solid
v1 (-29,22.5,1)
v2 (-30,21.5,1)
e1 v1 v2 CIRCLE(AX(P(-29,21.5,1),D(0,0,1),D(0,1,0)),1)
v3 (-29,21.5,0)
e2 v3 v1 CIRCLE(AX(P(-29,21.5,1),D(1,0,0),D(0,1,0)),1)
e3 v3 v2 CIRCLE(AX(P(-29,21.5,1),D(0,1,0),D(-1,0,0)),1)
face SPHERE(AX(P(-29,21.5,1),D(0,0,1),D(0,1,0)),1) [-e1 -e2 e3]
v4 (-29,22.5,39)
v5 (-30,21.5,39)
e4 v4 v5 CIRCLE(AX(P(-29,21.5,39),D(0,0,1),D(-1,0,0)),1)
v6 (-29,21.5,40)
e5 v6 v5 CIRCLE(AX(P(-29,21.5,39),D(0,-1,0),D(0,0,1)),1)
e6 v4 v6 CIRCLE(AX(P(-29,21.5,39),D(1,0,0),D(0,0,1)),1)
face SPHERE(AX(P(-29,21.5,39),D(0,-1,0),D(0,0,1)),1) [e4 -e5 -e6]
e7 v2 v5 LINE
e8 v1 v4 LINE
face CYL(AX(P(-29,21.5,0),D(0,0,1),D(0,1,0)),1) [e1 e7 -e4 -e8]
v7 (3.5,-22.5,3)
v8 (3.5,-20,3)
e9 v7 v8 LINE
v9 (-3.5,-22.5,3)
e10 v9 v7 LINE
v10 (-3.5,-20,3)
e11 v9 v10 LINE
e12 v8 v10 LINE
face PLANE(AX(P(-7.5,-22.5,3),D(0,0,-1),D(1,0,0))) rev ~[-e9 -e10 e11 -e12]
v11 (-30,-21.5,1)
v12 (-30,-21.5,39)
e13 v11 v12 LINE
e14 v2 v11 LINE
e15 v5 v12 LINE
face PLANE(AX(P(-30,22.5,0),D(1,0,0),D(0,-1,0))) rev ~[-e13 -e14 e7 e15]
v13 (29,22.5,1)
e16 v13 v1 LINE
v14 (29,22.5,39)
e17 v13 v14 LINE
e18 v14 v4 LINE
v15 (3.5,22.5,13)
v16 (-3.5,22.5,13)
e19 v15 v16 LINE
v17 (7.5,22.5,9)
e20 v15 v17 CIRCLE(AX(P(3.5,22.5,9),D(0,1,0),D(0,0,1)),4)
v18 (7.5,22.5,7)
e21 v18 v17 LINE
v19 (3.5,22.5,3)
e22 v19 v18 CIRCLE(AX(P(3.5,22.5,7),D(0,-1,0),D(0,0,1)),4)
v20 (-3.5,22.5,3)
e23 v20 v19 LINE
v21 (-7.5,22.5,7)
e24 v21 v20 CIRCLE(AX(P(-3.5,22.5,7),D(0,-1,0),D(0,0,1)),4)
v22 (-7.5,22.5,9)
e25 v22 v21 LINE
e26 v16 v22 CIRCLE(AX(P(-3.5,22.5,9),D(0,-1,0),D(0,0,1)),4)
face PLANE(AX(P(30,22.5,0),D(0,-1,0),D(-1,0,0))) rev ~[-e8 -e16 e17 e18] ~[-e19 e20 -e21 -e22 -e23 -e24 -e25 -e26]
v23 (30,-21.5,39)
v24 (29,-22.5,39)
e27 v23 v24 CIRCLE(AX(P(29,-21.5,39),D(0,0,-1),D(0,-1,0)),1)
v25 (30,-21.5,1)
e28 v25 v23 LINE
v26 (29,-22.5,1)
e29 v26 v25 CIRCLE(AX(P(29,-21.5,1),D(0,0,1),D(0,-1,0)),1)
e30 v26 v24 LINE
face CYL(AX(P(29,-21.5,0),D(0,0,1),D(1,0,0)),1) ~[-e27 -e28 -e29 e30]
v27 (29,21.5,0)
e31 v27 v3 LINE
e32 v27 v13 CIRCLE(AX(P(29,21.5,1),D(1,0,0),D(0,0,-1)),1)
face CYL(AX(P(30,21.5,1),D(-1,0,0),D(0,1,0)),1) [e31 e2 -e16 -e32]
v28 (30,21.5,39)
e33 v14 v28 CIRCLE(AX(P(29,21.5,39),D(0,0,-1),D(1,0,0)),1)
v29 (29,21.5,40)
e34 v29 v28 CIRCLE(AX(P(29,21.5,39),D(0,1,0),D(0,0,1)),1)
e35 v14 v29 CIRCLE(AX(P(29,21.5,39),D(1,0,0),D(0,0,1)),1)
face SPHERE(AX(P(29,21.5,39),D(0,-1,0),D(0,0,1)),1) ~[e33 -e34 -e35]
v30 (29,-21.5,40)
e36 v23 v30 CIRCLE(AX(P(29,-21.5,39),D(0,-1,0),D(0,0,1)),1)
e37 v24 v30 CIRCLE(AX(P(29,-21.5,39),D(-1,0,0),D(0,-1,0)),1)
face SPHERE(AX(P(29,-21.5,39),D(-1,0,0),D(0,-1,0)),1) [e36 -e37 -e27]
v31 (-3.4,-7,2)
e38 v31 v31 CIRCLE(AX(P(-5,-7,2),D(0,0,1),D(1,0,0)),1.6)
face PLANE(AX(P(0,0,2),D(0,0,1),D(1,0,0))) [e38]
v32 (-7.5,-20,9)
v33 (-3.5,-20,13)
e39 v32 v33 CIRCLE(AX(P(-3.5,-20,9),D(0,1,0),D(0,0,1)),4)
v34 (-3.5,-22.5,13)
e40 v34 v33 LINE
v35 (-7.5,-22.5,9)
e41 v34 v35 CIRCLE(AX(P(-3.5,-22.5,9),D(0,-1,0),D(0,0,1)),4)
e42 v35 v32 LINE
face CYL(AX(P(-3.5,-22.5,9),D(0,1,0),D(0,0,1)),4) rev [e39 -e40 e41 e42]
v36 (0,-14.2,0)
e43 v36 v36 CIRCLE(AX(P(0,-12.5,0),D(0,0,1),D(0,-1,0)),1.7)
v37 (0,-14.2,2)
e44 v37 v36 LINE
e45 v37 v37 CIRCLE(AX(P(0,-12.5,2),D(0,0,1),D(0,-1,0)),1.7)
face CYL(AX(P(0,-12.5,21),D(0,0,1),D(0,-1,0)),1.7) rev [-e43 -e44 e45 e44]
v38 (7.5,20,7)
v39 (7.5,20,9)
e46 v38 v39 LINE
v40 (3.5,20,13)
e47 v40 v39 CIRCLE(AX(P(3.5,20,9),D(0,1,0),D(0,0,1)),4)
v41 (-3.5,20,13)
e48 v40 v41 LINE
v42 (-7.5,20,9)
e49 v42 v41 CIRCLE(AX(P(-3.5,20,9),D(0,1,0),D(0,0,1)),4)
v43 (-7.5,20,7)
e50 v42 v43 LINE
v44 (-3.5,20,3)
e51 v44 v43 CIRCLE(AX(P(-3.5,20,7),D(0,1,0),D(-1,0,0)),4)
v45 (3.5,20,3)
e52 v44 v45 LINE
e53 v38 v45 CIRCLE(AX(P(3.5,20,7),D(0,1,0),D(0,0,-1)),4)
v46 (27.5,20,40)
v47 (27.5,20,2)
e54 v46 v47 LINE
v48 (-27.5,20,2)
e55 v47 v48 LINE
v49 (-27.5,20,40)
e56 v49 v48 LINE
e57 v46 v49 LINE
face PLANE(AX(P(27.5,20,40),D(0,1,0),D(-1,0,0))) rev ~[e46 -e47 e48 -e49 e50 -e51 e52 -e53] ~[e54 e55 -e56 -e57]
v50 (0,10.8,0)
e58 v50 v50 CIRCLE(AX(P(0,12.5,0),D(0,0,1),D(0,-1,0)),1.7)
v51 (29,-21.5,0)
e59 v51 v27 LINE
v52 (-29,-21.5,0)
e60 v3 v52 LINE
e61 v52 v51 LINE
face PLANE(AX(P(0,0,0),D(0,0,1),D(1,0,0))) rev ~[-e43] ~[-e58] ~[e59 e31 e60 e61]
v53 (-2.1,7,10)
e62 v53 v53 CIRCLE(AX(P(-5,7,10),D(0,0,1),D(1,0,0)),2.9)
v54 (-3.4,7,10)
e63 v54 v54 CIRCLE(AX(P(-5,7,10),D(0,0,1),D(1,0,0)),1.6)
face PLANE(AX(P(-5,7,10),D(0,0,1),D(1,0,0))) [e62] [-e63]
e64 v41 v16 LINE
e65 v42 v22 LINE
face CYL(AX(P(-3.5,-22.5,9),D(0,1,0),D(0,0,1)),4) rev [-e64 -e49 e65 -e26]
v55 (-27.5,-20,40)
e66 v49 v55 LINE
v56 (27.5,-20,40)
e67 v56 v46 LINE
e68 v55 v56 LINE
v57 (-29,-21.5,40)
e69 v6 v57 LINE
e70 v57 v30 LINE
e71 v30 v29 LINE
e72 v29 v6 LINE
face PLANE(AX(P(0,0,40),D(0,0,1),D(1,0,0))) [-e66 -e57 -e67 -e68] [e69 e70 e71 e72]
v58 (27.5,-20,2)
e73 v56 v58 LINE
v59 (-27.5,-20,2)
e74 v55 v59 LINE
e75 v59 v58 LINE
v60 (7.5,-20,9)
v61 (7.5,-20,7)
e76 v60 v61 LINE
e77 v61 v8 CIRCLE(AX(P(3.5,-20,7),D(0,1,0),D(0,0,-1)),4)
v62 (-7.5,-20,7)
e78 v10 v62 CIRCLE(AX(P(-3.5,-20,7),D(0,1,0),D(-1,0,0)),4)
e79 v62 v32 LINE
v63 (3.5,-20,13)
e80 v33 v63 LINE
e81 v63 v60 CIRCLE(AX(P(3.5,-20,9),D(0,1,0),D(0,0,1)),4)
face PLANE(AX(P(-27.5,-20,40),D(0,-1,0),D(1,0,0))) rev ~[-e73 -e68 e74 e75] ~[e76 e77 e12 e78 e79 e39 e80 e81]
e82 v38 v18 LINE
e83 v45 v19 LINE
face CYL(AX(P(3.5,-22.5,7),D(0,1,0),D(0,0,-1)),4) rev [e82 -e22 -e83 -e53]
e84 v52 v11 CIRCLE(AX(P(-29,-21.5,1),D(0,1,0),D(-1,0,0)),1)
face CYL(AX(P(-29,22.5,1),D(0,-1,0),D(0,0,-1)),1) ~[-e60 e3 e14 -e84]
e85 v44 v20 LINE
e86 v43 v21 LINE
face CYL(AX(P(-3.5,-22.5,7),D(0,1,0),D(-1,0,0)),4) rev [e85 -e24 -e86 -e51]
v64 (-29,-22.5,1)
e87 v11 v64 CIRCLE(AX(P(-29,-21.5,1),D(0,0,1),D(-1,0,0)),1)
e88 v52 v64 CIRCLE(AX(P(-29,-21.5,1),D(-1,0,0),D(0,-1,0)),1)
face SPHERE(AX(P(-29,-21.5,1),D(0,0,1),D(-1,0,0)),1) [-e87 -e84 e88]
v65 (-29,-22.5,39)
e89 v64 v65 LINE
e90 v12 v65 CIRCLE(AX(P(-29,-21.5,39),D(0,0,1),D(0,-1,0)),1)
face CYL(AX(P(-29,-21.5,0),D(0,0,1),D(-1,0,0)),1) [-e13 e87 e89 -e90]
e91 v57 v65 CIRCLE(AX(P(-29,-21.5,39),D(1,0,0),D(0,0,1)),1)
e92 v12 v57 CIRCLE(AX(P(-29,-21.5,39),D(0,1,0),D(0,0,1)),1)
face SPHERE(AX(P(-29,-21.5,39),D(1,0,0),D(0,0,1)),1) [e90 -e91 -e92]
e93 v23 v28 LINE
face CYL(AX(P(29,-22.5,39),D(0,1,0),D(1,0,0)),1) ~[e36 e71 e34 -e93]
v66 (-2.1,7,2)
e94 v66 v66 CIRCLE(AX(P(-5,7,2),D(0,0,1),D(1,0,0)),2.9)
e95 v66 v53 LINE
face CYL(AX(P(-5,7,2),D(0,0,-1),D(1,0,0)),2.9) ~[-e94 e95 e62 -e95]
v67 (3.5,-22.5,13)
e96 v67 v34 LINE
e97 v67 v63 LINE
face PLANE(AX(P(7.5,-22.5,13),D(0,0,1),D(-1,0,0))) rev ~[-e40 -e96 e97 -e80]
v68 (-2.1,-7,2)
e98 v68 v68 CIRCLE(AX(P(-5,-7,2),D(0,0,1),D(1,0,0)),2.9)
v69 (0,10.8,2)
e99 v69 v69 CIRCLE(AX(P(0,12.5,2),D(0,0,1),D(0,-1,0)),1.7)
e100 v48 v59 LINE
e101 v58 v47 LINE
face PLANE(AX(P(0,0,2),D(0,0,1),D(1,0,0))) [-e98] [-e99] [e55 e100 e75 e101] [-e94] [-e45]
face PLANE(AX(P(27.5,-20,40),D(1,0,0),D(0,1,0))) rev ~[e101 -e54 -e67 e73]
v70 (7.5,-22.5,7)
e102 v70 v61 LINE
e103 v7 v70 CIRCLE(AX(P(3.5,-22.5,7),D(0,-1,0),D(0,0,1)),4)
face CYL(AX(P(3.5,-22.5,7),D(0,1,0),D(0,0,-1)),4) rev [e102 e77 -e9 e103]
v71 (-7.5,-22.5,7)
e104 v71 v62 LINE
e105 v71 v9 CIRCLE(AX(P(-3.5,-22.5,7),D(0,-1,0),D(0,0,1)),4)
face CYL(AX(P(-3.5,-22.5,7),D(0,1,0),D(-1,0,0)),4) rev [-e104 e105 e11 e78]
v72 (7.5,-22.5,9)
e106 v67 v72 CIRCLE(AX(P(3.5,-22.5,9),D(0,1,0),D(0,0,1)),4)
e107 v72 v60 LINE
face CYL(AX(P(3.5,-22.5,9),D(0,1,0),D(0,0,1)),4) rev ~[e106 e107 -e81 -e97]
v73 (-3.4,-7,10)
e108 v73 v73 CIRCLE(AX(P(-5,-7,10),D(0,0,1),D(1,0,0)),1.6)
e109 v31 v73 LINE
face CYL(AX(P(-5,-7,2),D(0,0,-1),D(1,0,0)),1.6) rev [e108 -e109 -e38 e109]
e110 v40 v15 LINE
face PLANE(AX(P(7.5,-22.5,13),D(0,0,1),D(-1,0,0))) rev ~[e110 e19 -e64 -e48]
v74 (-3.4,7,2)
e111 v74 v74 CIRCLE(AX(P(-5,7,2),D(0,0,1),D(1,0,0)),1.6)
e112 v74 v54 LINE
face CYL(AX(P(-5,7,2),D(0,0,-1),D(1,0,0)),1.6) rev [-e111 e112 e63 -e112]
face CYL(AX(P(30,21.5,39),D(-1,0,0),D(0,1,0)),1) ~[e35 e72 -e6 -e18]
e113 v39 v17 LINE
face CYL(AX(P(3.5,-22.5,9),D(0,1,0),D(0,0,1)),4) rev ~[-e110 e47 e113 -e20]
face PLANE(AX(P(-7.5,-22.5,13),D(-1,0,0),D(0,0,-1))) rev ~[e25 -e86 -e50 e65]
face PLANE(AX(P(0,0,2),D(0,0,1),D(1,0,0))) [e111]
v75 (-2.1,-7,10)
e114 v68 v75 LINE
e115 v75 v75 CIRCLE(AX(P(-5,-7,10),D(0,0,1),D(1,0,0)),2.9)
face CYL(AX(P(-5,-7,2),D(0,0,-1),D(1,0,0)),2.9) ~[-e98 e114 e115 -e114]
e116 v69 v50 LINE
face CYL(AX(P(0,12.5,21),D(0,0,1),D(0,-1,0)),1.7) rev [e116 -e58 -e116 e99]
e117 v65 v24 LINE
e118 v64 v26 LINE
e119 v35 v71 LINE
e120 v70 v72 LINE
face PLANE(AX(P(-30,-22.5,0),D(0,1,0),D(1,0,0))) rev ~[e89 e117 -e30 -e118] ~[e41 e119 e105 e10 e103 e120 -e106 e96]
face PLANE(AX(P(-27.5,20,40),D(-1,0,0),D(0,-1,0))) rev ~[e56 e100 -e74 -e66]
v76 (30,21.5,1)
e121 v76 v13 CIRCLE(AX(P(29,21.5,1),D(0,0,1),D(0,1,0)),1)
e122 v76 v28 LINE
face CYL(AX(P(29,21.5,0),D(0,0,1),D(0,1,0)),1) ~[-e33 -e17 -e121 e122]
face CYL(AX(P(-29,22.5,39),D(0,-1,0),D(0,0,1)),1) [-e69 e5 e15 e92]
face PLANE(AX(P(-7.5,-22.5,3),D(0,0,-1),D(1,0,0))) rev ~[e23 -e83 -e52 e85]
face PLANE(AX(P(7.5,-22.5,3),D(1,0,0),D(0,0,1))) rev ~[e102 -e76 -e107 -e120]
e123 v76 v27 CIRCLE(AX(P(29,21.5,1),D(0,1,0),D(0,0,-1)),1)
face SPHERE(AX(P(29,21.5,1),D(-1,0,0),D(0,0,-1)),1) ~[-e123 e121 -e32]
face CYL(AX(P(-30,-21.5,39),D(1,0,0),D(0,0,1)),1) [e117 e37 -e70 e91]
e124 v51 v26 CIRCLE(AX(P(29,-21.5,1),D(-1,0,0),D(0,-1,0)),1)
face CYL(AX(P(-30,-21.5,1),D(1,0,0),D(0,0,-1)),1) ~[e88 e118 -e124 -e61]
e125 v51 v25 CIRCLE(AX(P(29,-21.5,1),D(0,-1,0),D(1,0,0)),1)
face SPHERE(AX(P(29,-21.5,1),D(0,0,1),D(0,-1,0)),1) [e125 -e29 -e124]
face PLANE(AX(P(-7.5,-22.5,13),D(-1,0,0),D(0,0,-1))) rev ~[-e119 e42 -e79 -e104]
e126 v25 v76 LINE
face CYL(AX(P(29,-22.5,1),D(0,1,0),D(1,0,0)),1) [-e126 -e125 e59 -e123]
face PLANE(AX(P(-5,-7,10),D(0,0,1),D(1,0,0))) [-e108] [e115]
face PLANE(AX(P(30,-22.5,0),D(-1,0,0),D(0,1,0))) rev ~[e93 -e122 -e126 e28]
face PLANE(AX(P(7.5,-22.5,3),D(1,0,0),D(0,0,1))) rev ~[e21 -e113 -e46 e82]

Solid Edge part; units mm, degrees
sketch "Sketch1" plane through (0, 0, 0) normal (0, 0, 1) x (1, 0, 0)
  line L0 (30, 22.5) -> (-30, 22.5)
  line L1 (-30, 22.5) -> (-30, -22.5)
  line L2 (-30, -22.5) -> (30, -22.5)
  line L3 (30, -22.5) -> (30, 22.5)
extrude "Protrusion1" add sketch "Sketch1" along normal blind 40
sketch "Sketch2" plane through (0, -22.5, 12.5) normal (0, -1, 0) x (1, 0, 0)
  line L0 (7.5, 0.5) -> (-7.5, 0.5)
  line L1 (-7.5, 0.5) -> (-7.5, -9.5)
  line L2 (-7.5, -9.5) -> (7.5, -9.5)
  line L3 (7.5, -9.5) -> (7.5, 0.5)
  dimension "D1" = 3
  dimension "D2" = 10
  dimension "D3" = 15
extrude "ExtrudedCutout_1" cut sketch "Sketch2" against normal blind 70.2135
fillet "Verrundung_2" radius 4 4 edges at (7.5, 0, 13) (-7.5, 0, 13) (-7.5, 0, 3) (7.5, 0, 3)
sketch "Sketch3" plane through (0, 0, 40) normal (0, 0, 1) x (1, 0, 0)
  circle A0 centre (-18, 0) radius 6
  dimension "D1" = 12
extrude "ExtrudedCutout_3" cut sketch "Sketch3" against normal blind 20.7766
fillet "Round_3" radius 1 12 edges at (0, -22.5, 40) (-30, 0, 40) (-30, -22.5, 20) (30, -22.5, 20) (30, 0, 40) (0, 22.5, 40) (-30, 22.5, 20) (0, 22.5, 0) (-30, 0, 0) (0, -22.5, 0) (30, 0, 0) (30, 22.5, 20)
sketch "Sketch4" plane through (0, 0, 40) normal (0, 0, 1) x (1, 0, 0)
  line L0 (-27.5, -20) -> (27.5, -20)
  line L1 (27.5, -20) -> (27.5, 20)
  line L2 (27.5, 20) -> (-27.5, 20)
  line L3 (-27.5, 20) -> (-27.5, -20)
  dimension "D1" = 2.5
  dimension "D2" = 2.5
  dimension "D3" = 2.5
extrude "ExtrudedCutout_5" cut sketch "Sketch4" against normal blind 38
hole "Hole1" at (0, 12.5, 21) direction (0, 0, -1) diameter 3.4 end up to next
hole "Hole2" at (0, -12.5, 21) direction (0, 0, -1) diameter 3.4 end up to next
sketch "Sketch5" plane through (0, 0, 2) normal (0, 0, 1) x (1, 0, 0)
  circle A0 centre (-5, 7) radius 1.6
  circle A1 centre (-5, 7) radius 2.9
  circle A2 centre (-5, -7) radius 1.6
  circle A3 centre (-5, -7) radius 2.9
  dimension "D1" = 16.5
  dimension "D2" = 5
extrude "Protrusion2" add sketch "Sketch5" along normal blind 8
